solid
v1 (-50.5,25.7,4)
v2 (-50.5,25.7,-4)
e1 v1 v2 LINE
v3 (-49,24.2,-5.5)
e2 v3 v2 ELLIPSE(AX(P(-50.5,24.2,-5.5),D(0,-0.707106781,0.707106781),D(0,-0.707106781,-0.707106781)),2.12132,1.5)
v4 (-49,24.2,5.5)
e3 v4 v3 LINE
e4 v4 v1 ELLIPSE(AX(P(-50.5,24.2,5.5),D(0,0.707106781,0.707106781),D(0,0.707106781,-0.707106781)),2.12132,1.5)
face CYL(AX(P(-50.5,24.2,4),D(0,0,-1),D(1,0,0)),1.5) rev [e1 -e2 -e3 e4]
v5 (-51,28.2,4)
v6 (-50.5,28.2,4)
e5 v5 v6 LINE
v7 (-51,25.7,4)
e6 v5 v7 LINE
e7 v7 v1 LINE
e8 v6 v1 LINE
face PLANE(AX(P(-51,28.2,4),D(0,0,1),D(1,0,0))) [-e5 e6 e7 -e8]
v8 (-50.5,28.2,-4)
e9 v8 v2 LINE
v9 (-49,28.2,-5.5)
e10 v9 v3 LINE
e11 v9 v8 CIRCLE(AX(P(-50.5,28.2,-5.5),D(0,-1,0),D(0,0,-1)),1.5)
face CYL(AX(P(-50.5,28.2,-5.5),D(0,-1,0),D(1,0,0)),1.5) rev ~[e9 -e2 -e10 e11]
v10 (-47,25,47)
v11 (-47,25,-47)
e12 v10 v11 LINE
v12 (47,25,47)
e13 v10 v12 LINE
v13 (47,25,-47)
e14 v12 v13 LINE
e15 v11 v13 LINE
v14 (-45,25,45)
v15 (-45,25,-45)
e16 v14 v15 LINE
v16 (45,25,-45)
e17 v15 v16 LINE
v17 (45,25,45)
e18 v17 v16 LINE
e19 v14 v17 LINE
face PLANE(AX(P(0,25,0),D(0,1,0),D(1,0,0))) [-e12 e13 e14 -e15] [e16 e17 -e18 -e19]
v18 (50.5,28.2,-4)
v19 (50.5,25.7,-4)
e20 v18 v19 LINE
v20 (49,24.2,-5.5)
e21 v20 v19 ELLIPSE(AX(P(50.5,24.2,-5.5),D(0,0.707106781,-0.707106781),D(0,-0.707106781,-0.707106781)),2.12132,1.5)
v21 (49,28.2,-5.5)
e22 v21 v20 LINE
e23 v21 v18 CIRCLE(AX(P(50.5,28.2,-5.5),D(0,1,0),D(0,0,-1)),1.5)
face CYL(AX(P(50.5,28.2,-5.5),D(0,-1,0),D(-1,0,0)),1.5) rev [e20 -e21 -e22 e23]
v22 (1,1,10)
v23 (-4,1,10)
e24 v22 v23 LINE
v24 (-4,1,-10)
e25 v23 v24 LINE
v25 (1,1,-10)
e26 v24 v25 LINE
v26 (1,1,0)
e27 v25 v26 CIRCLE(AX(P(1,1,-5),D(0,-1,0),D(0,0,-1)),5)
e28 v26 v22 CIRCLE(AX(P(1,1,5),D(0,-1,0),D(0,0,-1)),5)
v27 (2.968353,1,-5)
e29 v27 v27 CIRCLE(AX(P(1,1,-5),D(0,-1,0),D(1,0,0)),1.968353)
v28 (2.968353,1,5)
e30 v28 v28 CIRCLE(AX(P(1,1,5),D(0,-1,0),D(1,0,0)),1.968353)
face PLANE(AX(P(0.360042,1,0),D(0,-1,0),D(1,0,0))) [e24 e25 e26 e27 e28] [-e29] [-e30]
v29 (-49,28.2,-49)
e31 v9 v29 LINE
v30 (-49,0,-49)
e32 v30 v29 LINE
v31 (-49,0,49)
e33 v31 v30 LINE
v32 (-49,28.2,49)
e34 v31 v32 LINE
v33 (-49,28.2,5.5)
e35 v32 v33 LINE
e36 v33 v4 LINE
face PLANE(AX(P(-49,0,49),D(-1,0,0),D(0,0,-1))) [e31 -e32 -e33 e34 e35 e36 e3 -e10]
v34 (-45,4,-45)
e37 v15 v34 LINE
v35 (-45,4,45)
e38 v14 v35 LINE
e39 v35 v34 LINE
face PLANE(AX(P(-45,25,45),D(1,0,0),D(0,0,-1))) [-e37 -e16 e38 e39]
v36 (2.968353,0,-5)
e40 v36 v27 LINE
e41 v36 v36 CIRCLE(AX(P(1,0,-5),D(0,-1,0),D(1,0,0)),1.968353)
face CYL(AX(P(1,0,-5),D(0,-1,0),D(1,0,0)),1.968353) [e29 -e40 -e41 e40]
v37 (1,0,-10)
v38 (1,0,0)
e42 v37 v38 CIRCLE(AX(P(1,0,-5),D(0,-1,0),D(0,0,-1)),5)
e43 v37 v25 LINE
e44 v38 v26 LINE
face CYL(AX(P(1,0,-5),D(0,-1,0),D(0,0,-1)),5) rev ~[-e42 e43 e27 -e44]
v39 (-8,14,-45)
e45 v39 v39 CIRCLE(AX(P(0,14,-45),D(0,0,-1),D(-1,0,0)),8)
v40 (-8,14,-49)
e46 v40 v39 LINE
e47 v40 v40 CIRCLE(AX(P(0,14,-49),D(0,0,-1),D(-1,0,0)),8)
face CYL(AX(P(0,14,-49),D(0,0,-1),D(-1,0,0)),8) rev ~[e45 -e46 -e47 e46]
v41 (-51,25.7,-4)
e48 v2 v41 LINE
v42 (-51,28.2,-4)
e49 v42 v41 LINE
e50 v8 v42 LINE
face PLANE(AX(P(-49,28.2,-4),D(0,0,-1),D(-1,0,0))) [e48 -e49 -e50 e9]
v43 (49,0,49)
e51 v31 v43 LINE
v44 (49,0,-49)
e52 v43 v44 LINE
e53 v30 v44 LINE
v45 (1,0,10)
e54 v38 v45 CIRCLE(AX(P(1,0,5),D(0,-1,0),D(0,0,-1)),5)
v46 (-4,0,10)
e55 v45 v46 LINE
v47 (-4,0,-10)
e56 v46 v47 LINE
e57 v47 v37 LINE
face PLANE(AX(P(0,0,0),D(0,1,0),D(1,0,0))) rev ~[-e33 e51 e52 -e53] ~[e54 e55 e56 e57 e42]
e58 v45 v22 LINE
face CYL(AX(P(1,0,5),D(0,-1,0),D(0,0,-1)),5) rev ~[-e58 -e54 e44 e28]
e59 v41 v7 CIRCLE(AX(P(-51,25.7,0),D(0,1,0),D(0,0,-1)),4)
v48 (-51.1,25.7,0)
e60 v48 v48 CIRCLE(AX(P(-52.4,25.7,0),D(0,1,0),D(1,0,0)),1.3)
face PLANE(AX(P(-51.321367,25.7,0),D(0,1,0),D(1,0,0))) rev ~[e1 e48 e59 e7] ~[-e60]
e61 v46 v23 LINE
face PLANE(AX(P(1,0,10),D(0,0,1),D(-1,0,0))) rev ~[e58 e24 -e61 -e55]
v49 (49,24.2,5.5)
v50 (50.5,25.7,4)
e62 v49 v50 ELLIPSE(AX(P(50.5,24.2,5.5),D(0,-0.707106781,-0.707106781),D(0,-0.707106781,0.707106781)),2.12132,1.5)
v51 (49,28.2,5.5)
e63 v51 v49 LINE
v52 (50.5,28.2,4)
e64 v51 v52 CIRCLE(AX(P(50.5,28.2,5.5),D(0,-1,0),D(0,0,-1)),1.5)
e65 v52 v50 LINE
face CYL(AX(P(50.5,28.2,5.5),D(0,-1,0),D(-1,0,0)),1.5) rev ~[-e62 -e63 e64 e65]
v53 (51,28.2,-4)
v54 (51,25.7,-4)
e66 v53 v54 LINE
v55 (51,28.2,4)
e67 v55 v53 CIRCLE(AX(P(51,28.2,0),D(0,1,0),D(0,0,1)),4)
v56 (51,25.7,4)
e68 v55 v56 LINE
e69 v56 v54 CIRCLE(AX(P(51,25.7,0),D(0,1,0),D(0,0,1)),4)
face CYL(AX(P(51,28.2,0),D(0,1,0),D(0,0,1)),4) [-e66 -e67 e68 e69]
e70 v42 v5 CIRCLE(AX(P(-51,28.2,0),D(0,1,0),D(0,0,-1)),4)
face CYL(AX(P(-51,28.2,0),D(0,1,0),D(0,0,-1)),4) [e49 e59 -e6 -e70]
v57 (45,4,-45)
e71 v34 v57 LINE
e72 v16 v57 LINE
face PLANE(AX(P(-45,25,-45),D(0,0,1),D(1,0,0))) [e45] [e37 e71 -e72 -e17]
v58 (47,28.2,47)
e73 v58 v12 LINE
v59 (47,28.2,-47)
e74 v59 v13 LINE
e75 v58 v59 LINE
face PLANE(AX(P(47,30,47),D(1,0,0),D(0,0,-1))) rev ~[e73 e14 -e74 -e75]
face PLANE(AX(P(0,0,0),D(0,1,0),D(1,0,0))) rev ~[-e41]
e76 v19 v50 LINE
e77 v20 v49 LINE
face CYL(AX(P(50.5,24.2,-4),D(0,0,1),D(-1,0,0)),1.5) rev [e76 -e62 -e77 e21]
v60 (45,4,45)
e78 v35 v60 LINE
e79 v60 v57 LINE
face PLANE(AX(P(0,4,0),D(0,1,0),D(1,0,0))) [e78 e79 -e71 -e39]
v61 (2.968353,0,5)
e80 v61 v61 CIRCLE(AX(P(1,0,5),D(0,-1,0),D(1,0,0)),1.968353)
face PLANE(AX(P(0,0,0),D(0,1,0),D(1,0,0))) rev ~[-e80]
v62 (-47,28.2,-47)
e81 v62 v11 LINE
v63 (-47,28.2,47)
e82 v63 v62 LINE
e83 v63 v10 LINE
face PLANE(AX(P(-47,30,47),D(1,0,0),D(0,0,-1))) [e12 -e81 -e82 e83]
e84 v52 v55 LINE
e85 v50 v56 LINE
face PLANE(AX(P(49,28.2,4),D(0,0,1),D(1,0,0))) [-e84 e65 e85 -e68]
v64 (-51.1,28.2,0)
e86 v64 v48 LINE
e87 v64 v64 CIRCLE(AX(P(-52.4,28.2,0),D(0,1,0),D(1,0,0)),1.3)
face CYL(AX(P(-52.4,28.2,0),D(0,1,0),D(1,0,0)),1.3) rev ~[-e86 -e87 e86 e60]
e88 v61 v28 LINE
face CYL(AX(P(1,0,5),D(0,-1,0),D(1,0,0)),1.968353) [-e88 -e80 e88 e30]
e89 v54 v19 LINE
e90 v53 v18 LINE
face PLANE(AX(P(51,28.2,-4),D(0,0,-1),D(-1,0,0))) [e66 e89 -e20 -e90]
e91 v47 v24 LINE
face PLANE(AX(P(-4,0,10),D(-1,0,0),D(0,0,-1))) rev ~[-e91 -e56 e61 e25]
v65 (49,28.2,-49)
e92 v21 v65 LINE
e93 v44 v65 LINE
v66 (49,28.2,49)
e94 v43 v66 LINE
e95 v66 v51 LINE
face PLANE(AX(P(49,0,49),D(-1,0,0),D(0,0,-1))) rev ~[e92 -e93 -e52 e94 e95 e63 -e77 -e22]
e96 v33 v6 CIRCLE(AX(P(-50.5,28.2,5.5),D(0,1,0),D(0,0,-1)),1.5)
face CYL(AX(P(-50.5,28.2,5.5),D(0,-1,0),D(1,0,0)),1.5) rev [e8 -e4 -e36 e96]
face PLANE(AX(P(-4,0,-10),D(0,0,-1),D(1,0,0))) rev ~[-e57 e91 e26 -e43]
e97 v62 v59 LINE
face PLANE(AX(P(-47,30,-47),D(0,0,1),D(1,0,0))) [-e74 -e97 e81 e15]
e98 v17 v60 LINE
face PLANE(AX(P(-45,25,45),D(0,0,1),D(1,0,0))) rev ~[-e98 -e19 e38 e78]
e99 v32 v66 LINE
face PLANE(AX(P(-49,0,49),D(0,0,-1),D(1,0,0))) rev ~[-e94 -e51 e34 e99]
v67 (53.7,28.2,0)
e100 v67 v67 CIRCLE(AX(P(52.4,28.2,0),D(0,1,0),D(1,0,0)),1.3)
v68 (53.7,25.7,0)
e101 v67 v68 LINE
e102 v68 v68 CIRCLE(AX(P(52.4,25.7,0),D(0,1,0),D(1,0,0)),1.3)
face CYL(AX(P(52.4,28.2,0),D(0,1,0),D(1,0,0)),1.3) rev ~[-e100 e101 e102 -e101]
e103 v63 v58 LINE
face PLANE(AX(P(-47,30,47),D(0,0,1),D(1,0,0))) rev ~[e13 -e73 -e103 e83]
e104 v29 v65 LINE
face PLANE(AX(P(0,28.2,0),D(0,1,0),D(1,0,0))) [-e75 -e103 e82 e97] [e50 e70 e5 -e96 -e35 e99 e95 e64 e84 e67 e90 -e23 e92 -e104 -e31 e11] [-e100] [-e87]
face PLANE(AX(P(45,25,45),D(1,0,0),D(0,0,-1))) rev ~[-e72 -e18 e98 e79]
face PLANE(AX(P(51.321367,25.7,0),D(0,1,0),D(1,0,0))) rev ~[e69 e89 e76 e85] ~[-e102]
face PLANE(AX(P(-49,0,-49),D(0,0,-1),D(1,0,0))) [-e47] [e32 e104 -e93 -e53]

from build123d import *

# Parameters (mm, degrees)
SKETCH1_W           = 98
SKETCH1_H           = 98
BOSS_EXTRUDE1_DEPTH = 30
SKETCH2_W           = 94
SKETCH2_H           = 94
CUT_EXTRUDE1_DEPTH  = 5
SKETCH3_W           = 90
SKETCH3_H           = 90
CUT_EXTRUDE2_DEPTH  = 21
SKETCH4_W           = 98
SKETCH4_H           = 98
SKETCH4_W_2         = 94
SKETCH4_H_2         = 94
CUT_EXTRUDE3_DEPTH  = 1.8
SKETCH5_R           = 1.3
BOSS_EXTRUDE2_DEPTH = 2.5
FILLET1_R           = 1.5
FILLET2_R           = 1.5
CUT_EXTRUDE4_REACH  = 100
SKETCH6_R           = 8
SKETCH7_R           = 1.968352886
CUT_EXTRUDE5_DEPTH  = 1


with BuildPart() as part:
    # Sketch1 → Boss-Extrude1 (new body)
    with BuildSketch(Plane(origin=(0, 0, 0), x_dir=(1, 0, 0), z_dir=(0, 1, 0))):
        Rectangle(SKETCH1_W, SKETCH1_H)
    extrude(amount=BOSS_EXTRUDE1_DEPTH)

    # Sketch2 → Cut-Extrude1 (cut)
    with BuildSketch(Plane(origin=(0, 30, 0), x_dir=(1, 0, 0), z_dir=(0, 1, 0))):
        Rectangle(SKETCH2_W, SKETCH2_H)
    extrude(amount=-CUT_EXTRUDE1_DEPTH, mode=Mode.SUBTRACT)

    # Sketch3 → Cut-Extrude2 (cut)
    with BuildSketch(Plane(origin=(0, 25, 0), x_dir=(1, 0, 0), z_dir=(0, 1, 0))):
        Rectangle(SKETCH3_W, SKETCH3_H)
    extrude(amount=-CUT_EXTRUDE2_DEPTH, mode=Mode.SUBTRACT)

    # Sketch4 → Cut-Extrude3 (cut)
    with BuildSketch(Plane(origin=(0, 30, 0), x_dir=(1, 0, 0), z_dir=(0, 1, 0))):
        Rectangle(SKETCH4_W, SKETCH4_H)
        Rectangle(SKETCH4_W_2, SKETCH4_H_2, mode=Mode.SUBTRACT)
    extrude(amount=-CUT_EXTRUDE3_DEPTH, mode=Mode.SUBTRACT)

    # Sketch5 → Boss-Extrude2 (add)
    with BuildSketch(Plane(origin=(0, 28.2, 0), x_dir=(1, 0, 0), z_dir=(0, 1, 0))):
        with BuildLine():
            Line((-49, 4), (-51, 4))
            ThreePointArc((-51, 4), (-55, 0), (-51, -4))
            Line((-51, -4), (-49, -4))
            Line((-49, -4), (-49, 4))
        make_face()
        with Locations((-52.4, 0)):
            Circle(SKETCH5_R, mode=Mode.SUBTRACT)
        with BuildLine():
            Line((49, 4), (49, -4))
            Line((49, -4), (51, -4))
            ThreePointArc((51, -4), (55, 0), (51, 4))
            Line((51, 4), (49, 4))
        make_face()
        with Locations((52.4, 0)):
            Circle(SKETCH5_R, mode=Mode.SUBTRACT)
    extrude(amount=-BOSS_EXTRUDE2_DEPTH)

    # Fillet1
    fillet1_edges = [part.edges().sort_by_distance(p)[0] for p in [
        (-49, 25.7, 0),
        (-49, 26.95, -4),
        (-49, 26.95, 4),
    ]]
    fillet(fillet1_edges, radius=FILLET1_R)

    # Fillet2
    fillet2_edges = [part.edges().sort_by_distance(p)[0] for p in [
        (49, 26.95, -4),
        (49, 25.7, 0),
        (49, 26.95, 4),
    ]]
    fillet(fillet2_edges, radius=FILLET2_R)

    # Sketch6 → Cut-Extrude4 (cut, up to next)
    with BuildSketch(Plane(origin=(0, 0, -49), x_dir=(-1, 0, 0), z_dir=(0, 0, -1)), mode=Mode.PRIVATE) as cut_extrude4_sk1:
        with Locations((0, 14)):
            Circle(SKETCH6_R)
    cut_extrude4_tool1 = extrude(cut_extrude4_sk1.sketch, amount=-CUT_EXTRUDE4_REACH, mode=Mode.PRIVATE) & part.part
    add(cut_extrude4_tool1.solids().sort_by_distance((0, 14, -49))[0], mode=Mode.SUBTRACT)

    # Sketch7 → Cut-Extrude5 (cut)
    with BuildSketch(Plane.XZ):
        with BuildLine():
            Line((-4, -10), (-1, -10))
            Line((-1, -10), (1, -10))
            ThreePointArc((1, -10), (6, -5), (1, 0))
            ThreePointArc((1, 0), (6, 5), (1, 10))
            Line((1, 10), (-4, 10))
            Line((-4, 10), (-4, -10))
        make_face()
        with Locations((1, 5)):
            Circle(SKETCH7_R, mode=Mode.SUBTRACT)
        with Locations((1, -5)):
            Circle(SKETCH7_R, mode=Mode.SUBTRACT)
    extrude(amount=-CUT_EXTRUDE5_DEPTH, mode=Mode.SUBTRACT)


solid = part.part
